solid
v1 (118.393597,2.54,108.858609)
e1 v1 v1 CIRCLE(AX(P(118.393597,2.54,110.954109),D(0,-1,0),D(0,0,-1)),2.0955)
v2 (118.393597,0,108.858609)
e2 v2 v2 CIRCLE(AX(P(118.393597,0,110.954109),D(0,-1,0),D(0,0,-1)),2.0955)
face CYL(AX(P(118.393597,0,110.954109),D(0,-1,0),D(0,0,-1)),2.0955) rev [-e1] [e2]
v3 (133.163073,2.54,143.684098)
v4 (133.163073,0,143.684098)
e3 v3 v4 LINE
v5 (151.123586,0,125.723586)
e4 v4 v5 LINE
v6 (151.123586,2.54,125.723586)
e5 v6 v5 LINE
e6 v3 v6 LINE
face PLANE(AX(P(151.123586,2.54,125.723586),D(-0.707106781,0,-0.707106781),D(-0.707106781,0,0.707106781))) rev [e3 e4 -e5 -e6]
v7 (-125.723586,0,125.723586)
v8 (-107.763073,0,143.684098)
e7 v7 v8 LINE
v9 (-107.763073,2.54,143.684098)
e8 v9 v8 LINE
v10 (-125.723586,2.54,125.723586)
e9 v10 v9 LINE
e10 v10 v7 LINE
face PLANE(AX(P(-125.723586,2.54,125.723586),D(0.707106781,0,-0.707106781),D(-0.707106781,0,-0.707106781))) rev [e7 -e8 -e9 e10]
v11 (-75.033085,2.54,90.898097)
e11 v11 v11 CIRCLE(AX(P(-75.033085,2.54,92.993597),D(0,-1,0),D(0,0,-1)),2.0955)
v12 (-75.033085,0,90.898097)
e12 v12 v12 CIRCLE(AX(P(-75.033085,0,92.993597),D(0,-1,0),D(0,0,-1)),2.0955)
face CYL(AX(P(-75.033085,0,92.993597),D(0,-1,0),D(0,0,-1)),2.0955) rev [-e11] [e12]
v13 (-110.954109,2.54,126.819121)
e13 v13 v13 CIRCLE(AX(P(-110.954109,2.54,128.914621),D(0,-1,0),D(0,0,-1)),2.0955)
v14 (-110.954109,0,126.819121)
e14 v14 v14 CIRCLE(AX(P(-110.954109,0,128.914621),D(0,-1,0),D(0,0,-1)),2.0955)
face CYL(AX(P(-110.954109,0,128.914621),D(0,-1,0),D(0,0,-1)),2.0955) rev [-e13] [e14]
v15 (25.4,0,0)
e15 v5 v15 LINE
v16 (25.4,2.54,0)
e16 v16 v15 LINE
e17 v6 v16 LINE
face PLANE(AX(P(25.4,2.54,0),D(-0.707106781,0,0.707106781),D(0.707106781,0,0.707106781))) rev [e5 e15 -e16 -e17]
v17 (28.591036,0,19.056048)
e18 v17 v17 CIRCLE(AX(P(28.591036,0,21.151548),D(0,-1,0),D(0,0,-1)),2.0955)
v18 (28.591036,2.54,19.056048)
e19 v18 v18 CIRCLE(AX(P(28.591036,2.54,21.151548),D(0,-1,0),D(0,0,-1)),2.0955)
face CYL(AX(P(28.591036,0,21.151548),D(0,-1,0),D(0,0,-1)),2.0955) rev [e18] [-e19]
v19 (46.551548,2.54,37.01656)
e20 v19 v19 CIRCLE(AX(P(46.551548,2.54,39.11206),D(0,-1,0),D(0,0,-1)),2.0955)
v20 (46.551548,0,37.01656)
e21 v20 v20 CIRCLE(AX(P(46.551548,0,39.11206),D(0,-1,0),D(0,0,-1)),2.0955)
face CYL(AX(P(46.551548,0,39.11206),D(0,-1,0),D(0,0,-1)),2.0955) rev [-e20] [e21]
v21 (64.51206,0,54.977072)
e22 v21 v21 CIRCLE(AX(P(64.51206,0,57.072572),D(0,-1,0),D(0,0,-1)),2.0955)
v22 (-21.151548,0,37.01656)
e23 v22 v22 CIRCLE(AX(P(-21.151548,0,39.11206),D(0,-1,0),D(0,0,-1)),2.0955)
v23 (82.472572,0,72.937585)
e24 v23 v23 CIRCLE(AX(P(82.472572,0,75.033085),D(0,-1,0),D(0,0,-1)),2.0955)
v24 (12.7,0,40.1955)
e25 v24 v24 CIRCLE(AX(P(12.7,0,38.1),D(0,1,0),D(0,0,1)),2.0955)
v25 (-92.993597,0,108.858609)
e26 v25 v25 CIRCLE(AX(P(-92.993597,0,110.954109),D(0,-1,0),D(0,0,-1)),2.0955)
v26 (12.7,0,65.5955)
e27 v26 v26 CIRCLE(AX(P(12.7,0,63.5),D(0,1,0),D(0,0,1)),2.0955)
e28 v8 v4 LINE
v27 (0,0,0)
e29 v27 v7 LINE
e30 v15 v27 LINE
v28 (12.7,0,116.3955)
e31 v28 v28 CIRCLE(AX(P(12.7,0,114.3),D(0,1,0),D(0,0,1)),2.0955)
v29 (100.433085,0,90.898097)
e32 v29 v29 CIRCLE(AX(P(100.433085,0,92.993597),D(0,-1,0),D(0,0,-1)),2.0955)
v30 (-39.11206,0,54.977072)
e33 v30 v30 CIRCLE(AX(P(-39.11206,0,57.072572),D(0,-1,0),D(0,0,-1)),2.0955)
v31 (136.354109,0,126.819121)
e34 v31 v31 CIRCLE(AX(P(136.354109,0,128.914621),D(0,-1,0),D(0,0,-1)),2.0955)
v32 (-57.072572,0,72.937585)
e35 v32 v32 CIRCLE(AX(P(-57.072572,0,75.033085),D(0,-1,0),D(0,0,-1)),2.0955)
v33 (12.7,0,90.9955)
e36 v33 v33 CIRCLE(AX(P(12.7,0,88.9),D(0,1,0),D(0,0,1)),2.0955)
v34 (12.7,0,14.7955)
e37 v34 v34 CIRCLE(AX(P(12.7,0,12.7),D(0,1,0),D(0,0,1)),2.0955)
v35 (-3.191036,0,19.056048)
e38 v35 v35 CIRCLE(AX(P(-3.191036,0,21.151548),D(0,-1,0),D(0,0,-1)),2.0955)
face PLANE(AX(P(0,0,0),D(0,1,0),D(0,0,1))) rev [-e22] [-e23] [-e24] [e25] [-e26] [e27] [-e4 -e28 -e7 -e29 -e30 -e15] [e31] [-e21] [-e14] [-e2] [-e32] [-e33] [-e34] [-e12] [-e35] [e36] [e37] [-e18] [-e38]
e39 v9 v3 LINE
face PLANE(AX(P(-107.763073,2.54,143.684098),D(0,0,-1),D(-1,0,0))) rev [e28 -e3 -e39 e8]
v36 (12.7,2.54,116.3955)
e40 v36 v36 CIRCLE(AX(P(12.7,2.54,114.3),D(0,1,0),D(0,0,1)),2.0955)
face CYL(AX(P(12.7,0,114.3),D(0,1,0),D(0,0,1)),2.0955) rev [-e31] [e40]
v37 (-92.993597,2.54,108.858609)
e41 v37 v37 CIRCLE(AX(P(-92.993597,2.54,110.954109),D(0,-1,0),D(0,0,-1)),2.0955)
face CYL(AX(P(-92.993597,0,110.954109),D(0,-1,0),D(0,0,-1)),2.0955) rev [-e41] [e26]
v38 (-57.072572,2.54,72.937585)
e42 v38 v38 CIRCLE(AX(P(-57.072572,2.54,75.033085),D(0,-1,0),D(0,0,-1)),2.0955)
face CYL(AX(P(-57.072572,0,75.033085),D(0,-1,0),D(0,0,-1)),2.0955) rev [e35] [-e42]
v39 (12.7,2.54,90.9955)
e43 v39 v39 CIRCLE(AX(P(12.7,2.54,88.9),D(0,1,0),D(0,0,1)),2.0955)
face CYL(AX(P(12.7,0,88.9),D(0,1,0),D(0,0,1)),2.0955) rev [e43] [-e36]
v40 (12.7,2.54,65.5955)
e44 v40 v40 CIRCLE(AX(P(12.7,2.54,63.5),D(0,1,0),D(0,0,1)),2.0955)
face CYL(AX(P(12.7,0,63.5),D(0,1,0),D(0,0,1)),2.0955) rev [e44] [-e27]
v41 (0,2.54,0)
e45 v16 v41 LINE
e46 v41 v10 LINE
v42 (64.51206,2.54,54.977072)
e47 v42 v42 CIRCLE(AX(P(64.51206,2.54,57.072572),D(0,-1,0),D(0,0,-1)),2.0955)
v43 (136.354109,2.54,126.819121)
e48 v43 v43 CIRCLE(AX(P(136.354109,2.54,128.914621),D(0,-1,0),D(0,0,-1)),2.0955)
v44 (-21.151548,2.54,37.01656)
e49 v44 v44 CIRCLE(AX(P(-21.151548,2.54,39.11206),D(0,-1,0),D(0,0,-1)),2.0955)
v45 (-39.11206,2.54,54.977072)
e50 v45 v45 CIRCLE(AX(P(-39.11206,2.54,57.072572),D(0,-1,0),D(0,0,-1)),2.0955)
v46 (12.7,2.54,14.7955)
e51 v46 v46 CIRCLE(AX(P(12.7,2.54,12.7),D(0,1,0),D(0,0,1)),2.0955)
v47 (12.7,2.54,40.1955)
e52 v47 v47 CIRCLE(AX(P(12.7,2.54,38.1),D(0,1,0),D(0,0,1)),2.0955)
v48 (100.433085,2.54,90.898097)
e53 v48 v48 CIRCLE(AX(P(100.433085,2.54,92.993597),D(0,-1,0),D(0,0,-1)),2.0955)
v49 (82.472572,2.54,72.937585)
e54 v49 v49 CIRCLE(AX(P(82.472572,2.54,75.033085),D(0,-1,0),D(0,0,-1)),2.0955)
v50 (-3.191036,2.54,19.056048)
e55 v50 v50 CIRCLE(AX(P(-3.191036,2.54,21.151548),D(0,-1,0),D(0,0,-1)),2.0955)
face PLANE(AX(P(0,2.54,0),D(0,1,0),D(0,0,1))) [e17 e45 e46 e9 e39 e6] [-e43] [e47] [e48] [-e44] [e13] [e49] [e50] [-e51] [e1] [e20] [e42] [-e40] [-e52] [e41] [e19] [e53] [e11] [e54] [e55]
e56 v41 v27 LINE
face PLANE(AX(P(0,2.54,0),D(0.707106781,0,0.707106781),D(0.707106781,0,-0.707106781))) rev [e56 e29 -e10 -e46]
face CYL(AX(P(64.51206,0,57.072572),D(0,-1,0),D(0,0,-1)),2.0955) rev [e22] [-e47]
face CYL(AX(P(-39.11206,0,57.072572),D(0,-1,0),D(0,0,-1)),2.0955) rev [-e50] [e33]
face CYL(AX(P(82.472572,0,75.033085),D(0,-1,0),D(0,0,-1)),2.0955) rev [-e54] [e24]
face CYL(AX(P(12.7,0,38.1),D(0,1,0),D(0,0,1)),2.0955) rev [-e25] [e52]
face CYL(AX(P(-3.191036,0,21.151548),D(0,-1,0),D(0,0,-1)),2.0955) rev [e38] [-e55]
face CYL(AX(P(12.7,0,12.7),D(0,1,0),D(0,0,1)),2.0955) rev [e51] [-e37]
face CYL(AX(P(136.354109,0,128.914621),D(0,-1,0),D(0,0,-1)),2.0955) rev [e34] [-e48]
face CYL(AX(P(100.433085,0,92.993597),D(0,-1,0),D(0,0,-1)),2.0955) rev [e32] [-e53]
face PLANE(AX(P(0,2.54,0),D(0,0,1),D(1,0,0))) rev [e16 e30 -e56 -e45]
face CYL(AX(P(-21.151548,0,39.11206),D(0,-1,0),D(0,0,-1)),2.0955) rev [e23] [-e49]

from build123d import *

# Parameters (mm, degrees)
BOSS_EXTRUDE1_DEPTH        = 2.54
CUT_EXTRUDE1_DEPTH         = 209.542345228
CUT_EXTRUDE1_DEPTH_BACK    = 209.542345228
SKETCH2_R                  = 2.0955
F_8_0_199_DIAMETER_HOLE1_D = 4.191


with BuildPart() as part:
    # Sketch1 → Boss-Extrude1 (new body)
    with BuildSketch(Plane(origin=(0, 0, 0), x_dir=(1, 0, 0), z_dir=(0, 1, 0))):
        Polygon((0, 0), (25.4, 0), (151.123585695, -125.723585695), (133.163073453, -143.684097937), (-107.763073453, -143.684097937), (-125.723585695, -125.723585695), align=None)
    extrude(amount=BOSS_EXTRUDE1_DEPTH)

    # Sketch2 → Cut-Extrude1 (cut, two sides: drawn at the far end of the back side and taken through both)
    with BuildSketch(Plane(origin=(0, 2.54, 0), x_dir=(1, 0, 0), z_dir=(0, 1, 0)).offset(-CUT_EXTRUDE1_DEPTH_BACK)):
        with Locations(Location((12.7, -12.7, 0), (0, 0, 270))):
            Circle(SKETCH2_R)
        with Locations(Location((12.7, -38.1, 0), (0, 0, 270))):
            Circle(SKETCH2_R)
        with Locations(Location((12.7, -63.5, 0), (0, 0, 270))):
            Circle(SKETCH2_R)
        with Locations(Location((12.7, -88.9, 0), (0, 0, 270))):
            Circle(SKETCH2_R)
        with Locations(Location((12.7, -114.3, 0), (0, 0, 270))):
            Circle(SKETCH2_R)
    extrude(amount=CUT_EXTRUDE1_DEPTH + CUT_EXTRUDE1_DEPTH_BACK, mode=Mode.SUBTRACT)

    # #8 (0.199) Diameter Hole1 (through all)
    with Locations(Plane(origin=(0, 0, 0), x_dir=(-1, 0, 0), z_dir=(0, -1, 0))):
        with Locations((21.151548005, -39.112060247), (39.112060247, -57.072572489), (57.072572489, -75.033084731), (75.033084731, -92.993596973), (92.993596973, -110.954109215), (110.954109215, -128.914621458), (-28.591035763, -21.151548005), (-46.551548005, -39.112060247), (-64.512060247, -57.072572489), (-82.472572489, -75.033084731), (-100.433084731, -92.993596973), (-118.393596973, -110.954109215), (-136.354109215, -128.914621458), (3.191035763, -21.151548005)):
            Hole(F_8_0_199_DIAMETER_HOLE1_D / 2)


solid = part.part
